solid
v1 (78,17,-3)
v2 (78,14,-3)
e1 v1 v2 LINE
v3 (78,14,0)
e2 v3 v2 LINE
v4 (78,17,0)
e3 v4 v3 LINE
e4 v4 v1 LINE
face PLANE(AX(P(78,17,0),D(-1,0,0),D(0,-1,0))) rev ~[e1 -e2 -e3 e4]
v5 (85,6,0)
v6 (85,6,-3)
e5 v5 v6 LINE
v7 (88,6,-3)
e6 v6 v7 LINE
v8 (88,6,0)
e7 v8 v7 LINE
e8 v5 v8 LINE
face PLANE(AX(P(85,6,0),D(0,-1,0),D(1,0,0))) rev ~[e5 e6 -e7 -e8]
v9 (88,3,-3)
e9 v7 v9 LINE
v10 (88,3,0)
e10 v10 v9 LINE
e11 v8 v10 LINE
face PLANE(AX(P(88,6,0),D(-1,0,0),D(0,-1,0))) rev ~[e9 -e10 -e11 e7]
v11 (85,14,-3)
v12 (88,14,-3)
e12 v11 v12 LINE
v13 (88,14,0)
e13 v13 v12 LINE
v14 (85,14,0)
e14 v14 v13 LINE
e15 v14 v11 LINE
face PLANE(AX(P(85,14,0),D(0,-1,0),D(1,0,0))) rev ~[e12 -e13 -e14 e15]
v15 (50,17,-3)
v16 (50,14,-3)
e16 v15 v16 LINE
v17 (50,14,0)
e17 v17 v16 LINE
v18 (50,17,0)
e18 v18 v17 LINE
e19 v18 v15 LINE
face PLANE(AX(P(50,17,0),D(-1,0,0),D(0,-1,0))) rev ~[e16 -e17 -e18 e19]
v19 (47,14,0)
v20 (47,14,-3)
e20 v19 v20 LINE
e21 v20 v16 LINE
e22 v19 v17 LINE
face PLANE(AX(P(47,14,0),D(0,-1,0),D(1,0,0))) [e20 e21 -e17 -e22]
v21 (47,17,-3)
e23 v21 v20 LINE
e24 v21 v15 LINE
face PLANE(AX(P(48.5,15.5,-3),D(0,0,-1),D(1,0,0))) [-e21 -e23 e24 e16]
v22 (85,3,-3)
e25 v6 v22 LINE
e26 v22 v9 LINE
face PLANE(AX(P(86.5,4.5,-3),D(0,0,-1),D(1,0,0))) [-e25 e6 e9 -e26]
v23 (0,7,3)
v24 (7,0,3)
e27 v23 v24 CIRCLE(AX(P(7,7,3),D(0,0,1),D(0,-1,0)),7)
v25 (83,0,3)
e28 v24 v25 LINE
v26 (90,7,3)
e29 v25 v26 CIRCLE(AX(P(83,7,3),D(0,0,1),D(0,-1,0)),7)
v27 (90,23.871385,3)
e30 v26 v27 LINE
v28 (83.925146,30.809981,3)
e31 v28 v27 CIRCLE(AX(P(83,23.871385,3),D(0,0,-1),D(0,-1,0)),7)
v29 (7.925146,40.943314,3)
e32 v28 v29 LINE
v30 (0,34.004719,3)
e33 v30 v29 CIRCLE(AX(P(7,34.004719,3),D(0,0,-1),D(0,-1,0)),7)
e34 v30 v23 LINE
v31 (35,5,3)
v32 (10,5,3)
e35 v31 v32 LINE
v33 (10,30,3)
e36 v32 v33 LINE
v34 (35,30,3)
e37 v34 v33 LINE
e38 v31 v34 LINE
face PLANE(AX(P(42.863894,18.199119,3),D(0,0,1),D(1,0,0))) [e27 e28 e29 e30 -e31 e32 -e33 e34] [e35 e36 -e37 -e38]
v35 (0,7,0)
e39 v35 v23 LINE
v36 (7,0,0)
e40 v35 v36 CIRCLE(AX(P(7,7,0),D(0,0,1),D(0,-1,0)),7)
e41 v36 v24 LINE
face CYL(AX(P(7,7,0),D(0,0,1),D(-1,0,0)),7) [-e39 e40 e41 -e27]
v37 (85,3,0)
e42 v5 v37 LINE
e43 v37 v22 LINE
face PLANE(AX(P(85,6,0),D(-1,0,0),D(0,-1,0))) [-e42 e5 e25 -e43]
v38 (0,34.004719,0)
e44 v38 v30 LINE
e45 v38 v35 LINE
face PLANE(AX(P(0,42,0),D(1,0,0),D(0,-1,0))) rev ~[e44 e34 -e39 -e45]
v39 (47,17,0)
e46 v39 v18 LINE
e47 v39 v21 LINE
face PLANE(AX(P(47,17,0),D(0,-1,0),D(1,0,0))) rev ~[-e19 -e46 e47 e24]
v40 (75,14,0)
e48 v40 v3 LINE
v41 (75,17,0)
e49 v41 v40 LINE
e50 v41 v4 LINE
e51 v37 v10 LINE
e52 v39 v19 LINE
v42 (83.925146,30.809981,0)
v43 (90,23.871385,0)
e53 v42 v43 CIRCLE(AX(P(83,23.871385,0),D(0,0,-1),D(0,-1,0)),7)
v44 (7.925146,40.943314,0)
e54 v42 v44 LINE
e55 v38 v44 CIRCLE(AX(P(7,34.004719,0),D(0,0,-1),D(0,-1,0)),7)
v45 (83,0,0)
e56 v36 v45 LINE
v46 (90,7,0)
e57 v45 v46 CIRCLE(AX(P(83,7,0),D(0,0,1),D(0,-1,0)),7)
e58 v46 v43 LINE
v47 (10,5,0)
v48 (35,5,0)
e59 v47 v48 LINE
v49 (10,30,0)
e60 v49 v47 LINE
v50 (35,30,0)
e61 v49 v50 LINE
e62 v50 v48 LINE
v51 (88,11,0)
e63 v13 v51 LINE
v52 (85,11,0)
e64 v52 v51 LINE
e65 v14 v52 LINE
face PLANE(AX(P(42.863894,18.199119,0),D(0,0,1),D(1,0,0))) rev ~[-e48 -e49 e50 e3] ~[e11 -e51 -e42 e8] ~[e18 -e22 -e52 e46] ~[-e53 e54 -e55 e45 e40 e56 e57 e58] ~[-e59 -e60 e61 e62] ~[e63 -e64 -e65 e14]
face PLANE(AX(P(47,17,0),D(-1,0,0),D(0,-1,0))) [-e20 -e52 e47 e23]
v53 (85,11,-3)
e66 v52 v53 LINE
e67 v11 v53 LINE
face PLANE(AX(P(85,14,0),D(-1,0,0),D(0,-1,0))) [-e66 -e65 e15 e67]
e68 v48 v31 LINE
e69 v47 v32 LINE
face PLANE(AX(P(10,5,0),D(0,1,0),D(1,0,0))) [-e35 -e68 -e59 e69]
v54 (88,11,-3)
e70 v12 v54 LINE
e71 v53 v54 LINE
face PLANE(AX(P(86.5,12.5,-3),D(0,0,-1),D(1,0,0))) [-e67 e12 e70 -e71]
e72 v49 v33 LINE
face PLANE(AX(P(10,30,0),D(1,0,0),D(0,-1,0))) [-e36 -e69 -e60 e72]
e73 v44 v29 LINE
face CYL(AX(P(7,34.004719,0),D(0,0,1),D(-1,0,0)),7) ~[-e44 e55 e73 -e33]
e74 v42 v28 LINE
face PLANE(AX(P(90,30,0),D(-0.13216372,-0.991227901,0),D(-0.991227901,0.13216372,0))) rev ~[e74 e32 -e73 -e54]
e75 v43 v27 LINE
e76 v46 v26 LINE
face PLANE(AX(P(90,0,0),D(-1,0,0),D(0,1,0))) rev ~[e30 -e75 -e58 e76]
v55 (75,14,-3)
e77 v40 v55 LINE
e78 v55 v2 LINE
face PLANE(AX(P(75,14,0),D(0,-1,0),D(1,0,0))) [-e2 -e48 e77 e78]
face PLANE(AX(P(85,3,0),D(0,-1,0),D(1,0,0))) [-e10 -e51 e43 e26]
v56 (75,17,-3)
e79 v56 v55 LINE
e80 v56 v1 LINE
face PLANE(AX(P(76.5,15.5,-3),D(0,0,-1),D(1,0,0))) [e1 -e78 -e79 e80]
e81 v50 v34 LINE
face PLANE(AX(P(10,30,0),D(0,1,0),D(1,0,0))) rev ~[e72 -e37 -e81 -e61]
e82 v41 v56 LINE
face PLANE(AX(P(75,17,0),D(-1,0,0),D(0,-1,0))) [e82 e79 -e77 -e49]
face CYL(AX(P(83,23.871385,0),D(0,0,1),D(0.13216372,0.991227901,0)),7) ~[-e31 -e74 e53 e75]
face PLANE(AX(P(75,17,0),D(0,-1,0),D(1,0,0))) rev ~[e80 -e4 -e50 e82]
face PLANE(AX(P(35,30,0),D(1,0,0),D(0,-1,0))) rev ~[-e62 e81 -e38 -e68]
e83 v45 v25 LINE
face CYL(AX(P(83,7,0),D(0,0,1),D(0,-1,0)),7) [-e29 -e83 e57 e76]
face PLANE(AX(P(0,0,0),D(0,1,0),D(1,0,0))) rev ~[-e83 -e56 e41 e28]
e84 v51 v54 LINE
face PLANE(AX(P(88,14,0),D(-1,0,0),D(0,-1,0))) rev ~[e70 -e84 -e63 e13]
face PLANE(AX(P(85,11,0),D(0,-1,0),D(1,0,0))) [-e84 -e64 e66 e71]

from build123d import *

# Parameters (mm, degrees)
PAD_DEPTH    = 3
SKETCH001_W  = 3
SKETCH001_H  = 3
PAD001_DEPTH = 3
FILLET_R     = 7
SKETCH002_W  = 25
SKETCH002_H  = 25
POCKET_DEPTH = 5


with BuildPart() as part:
    # Sketch → Pad (new body)
    with BuildSketch(Plane.XY):
        Polygon((0, 42), (0, 0), (90, 0), (90, 30), align=None)
    extrude(amount=PAD_DEPTH)

    # Sketch001 (on Face5 of Pad) → Pad001 (join)
    with BuildSketch(Plane(origin=(0, 0, 0), x_dir=(1, 0, 0), z_dir=(0, 0, -1))):
        with Locations((86.5, -4.5)):
            Rectangle(SKETCH001_W, SKETCH001_H)
        with Locations((86.5, -12.5)):
            Rectangle(SKETCH001_W, SKETCH001_H)
        with Locations((76.5, -15.5)):
            Rectangle(SKETCH001_W, SKETCH001_H)
        with Locations((48.5, -15.5)):
            Rectangle(SKETCH001_W, SKETCH001_H)
    extrude(amount=PAD001_DEPTH)

    # Fillet
    fillet_edges = [part.edges().sort_by_distance(p)[0] for p in [
        (0, 42, 1.5),
        (0, 0, 1.5),
        (90, 0, 1.5),
        (90, 30, 1.5),
    ]]
    fillet(fillet_edges, radius=FILLET_R)

    # Sketch002 (on Face2 of Fillet) → Pocket (cut)
    with BuildSketch(Plane(origin=(0, 0, 0), x_dir=(1, 0, 0), z_dir=(0, 0, -1))):
        with Locations((22.5, -17.5)):
            Rectangle(SKETCH002_W, SKETCH002_H)
    extrude(amount=-POCKET_DEPTH, mode=Mode.SUBTRACT)


solid = part.part
